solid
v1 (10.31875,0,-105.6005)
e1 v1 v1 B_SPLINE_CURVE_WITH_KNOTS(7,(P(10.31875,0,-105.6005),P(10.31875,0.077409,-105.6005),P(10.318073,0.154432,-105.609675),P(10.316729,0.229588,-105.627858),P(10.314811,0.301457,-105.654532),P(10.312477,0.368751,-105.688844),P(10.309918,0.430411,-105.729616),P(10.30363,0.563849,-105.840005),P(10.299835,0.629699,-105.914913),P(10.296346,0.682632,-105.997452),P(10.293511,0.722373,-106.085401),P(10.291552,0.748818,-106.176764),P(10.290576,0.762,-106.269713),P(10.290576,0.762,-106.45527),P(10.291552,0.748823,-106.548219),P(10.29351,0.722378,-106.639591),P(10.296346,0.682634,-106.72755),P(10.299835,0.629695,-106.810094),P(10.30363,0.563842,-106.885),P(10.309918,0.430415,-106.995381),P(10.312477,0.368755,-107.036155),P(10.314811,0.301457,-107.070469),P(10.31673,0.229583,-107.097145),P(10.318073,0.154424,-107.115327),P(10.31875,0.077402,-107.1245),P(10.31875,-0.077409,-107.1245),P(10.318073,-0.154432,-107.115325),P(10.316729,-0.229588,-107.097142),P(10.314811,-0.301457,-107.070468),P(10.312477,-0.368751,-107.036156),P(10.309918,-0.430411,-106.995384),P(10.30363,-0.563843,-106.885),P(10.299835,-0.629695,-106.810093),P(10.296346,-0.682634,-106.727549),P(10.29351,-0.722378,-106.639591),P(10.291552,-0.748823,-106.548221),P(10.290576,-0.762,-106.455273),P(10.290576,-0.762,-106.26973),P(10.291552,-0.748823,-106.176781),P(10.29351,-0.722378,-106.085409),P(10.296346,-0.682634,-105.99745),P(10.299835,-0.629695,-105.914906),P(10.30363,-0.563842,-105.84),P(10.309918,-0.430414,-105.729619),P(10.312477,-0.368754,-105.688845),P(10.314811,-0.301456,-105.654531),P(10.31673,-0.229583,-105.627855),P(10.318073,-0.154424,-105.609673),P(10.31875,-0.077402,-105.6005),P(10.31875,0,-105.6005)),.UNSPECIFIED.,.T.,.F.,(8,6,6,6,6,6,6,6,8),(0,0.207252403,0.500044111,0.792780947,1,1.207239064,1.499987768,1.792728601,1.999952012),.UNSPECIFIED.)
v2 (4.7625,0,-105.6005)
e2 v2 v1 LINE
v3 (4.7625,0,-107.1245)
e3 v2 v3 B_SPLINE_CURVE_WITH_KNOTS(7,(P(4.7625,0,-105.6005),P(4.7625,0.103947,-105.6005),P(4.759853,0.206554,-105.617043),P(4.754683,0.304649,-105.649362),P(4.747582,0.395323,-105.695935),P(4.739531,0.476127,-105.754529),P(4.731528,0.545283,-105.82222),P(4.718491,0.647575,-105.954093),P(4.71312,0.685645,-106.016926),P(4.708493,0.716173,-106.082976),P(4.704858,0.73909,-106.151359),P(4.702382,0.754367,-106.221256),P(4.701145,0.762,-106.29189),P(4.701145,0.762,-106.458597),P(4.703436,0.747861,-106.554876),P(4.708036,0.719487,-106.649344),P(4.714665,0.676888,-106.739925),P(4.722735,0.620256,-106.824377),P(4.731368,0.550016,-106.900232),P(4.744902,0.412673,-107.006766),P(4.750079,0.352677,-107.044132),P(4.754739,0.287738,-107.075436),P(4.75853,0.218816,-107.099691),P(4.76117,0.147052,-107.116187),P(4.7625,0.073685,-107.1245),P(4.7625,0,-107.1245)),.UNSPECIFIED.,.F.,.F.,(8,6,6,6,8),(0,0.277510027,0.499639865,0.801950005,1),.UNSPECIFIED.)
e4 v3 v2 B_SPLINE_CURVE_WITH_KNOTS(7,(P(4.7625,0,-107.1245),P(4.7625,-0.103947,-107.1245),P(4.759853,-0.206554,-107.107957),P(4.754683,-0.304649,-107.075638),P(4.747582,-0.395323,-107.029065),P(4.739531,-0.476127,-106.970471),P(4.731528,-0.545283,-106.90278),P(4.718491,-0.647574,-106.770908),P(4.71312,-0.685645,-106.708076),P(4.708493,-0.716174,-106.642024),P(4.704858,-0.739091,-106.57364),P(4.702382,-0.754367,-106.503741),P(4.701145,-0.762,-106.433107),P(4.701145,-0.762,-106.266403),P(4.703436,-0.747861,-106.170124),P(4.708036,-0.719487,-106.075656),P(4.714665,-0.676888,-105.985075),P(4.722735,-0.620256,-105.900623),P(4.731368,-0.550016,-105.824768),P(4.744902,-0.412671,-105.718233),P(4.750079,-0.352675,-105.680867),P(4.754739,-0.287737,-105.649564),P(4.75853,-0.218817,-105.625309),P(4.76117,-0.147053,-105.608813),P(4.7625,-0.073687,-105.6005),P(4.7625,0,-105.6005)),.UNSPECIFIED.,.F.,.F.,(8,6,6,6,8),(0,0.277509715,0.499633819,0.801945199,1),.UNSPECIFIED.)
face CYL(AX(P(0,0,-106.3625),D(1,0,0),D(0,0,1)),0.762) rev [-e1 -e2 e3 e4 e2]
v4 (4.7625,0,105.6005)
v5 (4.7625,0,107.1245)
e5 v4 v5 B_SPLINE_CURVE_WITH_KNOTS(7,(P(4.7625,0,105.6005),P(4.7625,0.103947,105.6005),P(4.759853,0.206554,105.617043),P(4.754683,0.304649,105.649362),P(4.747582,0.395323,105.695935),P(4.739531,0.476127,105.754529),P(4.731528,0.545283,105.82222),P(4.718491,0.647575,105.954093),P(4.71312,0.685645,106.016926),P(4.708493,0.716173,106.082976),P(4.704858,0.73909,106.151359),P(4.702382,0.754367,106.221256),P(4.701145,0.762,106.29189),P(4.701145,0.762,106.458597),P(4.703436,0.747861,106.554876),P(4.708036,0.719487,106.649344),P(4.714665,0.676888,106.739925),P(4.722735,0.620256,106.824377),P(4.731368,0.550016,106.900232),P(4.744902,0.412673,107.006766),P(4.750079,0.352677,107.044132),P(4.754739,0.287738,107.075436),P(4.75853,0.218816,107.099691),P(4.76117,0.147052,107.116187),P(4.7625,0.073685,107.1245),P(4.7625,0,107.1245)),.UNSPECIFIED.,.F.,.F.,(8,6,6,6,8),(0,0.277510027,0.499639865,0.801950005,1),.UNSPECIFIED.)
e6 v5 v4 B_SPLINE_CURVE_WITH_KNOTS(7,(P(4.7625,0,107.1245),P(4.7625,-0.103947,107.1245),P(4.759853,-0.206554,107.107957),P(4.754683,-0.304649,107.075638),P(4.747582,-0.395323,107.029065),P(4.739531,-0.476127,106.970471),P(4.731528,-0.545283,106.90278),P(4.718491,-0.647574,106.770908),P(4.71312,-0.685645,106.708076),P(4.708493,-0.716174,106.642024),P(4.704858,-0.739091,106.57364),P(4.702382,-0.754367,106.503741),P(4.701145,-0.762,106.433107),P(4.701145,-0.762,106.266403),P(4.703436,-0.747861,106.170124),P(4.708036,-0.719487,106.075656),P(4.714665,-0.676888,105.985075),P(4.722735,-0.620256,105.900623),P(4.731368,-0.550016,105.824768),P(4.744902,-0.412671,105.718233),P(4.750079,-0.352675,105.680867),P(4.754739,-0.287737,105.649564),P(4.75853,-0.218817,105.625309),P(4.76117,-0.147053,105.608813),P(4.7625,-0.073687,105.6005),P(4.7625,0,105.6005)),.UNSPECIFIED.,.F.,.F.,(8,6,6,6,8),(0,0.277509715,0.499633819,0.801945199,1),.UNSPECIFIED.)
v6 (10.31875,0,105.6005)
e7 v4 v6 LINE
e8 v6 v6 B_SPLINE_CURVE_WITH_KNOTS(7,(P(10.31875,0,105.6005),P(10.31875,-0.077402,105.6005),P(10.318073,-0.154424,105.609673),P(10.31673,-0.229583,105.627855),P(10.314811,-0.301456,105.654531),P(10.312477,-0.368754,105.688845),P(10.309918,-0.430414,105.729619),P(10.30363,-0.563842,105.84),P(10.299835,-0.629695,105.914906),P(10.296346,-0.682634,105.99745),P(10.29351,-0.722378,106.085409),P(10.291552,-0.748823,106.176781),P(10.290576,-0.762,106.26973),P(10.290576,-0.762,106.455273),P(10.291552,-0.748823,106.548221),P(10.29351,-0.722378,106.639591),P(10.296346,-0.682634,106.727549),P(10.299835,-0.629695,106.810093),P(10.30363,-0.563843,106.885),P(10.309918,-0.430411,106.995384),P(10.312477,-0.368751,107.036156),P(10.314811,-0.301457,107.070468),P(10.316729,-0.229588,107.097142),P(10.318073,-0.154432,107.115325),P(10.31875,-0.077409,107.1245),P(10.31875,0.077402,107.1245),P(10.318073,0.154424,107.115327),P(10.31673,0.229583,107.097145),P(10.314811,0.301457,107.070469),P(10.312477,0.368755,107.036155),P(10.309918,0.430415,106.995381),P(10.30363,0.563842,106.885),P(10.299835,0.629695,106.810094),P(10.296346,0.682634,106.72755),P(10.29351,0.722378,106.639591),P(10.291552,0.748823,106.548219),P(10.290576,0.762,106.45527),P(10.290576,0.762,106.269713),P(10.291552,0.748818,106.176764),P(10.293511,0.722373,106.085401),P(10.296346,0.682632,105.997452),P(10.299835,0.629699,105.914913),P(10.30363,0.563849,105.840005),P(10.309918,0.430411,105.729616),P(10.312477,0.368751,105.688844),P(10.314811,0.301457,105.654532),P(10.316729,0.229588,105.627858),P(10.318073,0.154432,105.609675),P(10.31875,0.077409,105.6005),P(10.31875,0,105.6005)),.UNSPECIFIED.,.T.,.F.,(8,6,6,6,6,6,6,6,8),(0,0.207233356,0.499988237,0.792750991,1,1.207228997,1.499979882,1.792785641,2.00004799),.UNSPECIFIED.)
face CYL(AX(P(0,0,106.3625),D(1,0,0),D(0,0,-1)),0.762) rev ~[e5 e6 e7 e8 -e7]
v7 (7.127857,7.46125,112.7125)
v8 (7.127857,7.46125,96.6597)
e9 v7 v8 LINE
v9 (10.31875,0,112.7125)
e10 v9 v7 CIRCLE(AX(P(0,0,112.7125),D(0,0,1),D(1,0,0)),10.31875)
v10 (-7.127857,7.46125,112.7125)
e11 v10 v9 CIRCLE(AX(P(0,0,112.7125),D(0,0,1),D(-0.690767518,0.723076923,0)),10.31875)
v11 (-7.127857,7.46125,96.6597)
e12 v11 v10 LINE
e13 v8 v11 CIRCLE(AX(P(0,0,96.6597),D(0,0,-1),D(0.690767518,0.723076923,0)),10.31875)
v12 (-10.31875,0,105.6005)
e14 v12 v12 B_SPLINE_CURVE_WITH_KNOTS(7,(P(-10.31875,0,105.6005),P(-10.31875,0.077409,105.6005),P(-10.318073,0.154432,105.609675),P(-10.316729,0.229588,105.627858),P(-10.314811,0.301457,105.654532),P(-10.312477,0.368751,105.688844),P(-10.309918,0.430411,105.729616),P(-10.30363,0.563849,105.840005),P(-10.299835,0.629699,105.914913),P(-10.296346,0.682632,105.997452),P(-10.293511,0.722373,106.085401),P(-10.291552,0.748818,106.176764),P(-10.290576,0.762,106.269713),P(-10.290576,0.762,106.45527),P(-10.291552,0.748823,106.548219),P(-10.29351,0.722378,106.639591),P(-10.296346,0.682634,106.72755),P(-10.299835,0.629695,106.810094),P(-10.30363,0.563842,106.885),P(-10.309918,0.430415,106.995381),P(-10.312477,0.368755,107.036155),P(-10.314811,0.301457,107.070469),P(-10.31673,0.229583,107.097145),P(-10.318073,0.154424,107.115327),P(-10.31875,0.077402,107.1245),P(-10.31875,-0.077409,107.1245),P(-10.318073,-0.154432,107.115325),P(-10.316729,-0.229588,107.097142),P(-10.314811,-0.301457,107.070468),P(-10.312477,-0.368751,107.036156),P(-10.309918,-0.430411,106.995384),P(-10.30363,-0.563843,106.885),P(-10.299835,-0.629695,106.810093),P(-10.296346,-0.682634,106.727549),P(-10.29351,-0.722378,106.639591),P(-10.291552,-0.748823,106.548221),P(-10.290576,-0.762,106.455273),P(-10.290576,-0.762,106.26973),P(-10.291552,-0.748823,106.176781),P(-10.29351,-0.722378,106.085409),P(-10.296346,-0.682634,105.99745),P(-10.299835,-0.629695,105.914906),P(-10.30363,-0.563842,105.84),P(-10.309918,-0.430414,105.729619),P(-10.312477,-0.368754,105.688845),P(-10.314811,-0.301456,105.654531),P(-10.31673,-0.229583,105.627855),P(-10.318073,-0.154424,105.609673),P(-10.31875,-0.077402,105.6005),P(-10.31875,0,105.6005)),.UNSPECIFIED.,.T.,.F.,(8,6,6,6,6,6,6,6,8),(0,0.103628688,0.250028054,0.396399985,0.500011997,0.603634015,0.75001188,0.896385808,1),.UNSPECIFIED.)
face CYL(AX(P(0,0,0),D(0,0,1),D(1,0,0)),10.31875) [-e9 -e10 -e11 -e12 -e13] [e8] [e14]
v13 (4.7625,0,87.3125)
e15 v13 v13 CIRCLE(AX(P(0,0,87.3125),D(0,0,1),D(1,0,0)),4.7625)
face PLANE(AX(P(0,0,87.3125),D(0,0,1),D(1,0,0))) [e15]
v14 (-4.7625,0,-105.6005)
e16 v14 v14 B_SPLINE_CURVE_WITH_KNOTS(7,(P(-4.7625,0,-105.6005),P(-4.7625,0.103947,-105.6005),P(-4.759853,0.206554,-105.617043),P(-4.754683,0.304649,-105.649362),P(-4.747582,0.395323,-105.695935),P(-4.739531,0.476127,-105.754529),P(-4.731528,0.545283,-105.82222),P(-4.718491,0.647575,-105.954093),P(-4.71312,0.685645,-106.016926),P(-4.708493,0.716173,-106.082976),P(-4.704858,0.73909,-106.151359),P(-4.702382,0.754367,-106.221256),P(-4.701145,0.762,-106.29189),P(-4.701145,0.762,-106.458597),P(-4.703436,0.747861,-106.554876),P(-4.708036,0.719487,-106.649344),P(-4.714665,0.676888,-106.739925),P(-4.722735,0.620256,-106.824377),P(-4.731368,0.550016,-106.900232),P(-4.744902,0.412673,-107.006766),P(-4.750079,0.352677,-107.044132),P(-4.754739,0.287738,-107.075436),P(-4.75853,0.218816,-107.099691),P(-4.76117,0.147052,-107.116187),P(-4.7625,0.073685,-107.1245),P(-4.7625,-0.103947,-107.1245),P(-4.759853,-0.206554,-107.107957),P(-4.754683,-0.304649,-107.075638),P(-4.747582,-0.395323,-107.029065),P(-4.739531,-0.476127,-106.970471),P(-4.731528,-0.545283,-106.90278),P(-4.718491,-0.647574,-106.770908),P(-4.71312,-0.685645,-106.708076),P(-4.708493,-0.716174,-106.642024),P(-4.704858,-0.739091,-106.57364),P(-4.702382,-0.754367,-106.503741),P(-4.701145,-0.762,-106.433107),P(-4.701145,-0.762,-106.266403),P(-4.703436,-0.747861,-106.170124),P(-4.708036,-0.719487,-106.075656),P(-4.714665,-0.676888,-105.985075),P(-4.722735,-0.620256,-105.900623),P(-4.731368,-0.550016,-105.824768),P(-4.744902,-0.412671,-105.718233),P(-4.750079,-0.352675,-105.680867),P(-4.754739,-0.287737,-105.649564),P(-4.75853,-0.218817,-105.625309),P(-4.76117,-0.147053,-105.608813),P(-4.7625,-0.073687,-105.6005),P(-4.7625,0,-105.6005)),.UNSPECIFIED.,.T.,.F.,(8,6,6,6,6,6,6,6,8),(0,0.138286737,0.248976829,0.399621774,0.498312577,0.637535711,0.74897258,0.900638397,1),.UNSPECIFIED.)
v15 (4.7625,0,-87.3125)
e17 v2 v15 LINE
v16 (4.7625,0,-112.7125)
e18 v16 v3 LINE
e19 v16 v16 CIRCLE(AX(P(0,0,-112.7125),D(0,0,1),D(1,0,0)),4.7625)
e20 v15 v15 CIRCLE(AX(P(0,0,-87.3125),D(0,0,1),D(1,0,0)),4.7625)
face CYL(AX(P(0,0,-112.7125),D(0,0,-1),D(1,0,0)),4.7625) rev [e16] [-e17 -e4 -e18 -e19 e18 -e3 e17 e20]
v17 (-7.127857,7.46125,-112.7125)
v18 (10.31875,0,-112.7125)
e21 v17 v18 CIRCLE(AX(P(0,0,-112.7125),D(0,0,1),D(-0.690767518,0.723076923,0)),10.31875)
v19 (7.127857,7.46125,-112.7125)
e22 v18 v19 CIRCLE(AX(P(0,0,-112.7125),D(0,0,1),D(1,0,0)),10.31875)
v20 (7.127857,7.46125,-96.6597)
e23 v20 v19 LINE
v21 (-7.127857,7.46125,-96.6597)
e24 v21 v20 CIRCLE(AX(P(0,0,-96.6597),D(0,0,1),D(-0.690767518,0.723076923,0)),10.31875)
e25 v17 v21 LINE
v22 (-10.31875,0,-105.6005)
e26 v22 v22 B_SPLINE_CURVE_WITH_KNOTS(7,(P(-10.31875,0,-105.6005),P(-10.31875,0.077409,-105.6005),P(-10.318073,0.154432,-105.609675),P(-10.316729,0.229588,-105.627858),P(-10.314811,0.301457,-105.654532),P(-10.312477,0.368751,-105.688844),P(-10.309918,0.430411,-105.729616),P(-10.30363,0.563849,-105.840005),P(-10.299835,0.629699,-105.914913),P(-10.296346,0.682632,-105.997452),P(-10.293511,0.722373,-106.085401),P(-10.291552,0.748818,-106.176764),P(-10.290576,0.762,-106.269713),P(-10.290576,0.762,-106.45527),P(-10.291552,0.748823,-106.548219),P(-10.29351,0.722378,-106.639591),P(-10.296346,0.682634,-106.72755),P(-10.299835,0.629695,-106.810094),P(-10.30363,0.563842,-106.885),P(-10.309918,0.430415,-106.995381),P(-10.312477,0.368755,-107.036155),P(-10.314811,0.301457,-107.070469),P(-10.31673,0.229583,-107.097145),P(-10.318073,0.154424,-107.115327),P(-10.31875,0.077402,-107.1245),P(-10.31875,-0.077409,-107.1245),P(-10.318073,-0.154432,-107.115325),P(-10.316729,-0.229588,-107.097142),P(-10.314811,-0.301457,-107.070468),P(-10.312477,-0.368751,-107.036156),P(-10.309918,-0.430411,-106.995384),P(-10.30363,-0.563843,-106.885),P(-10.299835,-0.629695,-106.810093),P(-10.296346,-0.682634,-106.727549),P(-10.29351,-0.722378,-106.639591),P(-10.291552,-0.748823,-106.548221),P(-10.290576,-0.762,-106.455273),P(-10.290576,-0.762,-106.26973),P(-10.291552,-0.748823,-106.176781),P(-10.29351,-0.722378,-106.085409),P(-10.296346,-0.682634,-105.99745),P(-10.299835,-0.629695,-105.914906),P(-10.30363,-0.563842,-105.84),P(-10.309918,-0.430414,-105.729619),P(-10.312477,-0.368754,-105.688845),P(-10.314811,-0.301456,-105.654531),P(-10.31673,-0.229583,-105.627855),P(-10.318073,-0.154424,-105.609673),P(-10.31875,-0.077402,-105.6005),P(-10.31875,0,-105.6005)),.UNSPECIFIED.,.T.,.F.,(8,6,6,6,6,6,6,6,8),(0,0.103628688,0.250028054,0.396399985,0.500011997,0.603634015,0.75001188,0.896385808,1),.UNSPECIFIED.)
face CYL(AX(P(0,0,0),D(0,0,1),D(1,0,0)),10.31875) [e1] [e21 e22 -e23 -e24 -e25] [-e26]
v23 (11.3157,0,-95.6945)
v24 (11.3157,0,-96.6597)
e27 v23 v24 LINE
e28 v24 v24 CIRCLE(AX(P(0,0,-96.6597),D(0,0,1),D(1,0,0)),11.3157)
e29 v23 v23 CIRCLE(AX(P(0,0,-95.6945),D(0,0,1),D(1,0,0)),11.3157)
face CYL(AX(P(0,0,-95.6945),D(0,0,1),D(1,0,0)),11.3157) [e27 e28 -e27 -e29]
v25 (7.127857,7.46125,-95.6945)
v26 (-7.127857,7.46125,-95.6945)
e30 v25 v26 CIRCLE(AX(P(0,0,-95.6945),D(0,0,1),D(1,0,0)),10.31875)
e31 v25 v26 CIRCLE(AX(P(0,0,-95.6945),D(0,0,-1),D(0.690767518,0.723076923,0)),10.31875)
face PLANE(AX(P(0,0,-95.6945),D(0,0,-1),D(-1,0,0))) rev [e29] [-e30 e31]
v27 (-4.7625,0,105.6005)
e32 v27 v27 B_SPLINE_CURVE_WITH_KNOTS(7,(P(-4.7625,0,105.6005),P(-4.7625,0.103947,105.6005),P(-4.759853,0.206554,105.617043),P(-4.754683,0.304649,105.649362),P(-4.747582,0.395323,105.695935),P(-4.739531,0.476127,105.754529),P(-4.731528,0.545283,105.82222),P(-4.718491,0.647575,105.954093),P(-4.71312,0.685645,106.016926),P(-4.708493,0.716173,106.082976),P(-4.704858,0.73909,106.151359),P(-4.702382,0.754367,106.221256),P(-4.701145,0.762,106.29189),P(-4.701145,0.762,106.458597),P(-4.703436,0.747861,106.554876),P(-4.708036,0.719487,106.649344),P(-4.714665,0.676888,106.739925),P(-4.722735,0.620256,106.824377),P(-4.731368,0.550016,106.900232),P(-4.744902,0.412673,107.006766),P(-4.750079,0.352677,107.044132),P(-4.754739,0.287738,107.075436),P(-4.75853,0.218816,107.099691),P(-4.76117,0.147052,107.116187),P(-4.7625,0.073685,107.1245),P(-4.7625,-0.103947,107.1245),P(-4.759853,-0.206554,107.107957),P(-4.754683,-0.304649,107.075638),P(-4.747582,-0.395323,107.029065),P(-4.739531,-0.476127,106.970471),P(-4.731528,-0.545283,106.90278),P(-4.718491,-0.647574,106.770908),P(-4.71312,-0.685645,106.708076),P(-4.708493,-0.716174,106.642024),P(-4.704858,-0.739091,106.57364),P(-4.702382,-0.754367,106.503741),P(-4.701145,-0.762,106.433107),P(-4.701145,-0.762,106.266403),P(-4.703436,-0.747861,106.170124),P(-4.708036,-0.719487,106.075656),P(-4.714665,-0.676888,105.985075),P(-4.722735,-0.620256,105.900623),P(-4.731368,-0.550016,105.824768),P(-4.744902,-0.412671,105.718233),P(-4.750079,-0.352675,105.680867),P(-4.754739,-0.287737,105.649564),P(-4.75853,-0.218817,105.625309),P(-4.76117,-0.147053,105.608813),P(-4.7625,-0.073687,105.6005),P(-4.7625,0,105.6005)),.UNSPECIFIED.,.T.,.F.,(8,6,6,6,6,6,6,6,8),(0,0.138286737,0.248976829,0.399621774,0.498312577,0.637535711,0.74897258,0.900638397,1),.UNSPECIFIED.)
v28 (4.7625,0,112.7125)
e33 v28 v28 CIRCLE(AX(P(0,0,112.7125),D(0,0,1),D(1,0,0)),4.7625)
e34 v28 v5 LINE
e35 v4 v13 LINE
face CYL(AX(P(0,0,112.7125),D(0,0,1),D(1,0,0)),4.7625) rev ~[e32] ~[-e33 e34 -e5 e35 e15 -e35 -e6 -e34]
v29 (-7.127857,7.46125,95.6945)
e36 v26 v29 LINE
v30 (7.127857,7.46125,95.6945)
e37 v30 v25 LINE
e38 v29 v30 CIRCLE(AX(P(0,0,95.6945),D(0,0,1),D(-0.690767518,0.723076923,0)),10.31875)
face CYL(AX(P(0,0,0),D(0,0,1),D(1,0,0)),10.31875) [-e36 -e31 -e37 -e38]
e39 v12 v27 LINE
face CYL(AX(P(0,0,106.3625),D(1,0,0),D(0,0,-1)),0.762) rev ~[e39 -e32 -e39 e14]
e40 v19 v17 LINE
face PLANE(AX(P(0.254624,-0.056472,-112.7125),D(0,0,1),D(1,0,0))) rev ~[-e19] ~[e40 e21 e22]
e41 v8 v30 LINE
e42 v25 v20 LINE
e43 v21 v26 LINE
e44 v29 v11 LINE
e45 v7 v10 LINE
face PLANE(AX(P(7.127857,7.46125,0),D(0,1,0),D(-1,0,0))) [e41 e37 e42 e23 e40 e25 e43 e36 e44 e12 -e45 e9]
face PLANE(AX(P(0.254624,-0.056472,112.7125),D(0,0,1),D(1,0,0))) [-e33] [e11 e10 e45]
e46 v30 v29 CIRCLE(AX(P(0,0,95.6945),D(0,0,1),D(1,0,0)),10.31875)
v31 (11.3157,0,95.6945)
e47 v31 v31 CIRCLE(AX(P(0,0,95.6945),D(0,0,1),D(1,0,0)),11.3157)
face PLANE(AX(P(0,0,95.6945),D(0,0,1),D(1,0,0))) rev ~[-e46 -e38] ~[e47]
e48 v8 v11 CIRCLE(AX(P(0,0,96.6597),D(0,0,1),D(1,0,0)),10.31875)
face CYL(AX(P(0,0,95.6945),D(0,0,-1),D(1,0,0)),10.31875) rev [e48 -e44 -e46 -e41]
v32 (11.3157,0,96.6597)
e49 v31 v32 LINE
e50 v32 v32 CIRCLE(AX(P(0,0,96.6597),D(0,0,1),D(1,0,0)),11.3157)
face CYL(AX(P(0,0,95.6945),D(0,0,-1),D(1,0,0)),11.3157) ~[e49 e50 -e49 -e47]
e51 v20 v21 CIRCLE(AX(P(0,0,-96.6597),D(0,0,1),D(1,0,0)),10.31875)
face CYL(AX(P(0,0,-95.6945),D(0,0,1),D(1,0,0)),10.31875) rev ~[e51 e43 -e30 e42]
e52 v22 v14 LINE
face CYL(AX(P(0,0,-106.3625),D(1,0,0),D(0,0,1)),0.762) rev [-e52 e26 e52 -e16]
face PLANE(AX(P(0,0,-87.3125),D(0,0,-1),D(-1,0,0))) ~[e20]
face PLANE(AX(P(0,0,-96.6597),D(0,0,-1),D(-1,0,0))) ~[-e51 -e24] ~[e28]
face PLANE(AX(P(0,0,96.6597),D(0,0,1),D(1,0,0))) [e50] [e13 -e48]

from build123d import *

# Parameters (mm, degrees)
RACK_DEPTH             = 112.7125
RACK_DEPTH_BACK        = 112.7125
SKETCH2_R              = 4.7625
END_HOLE_DEPTH         = 25.4
BUMP_START             = -17.018
SKETCH3_R              = 11.3157
SKETCH3_R_2            = 10.31875
BUMP_STOP_DEPTH        = 0.9652
SKETCH4_R              = 0.762
SAFETY_WIRE_HOLE_DEPTH = 12.3157


with BuildPart() as part:
    # Sketch1 → Rack (new body, two sides)
    with BuildSketch(Plane.XY) as rack_sk:
        with BuildLine():
            Line((7.127857322, 7.46125), (-7.127857322, 7.46125))
            ThreePointArc((-7.127857322, 7.46125), (-4.057463729, -9.487549191), (10.31875, 0))
            ThreePointArc((10.31875, 0), (9.487549191, 4.057463729), (7.127857322, 7.46125))
        make_face()
    extrude(amount=RACK_DEPTH)
    extrude(rack_sk.sketch, amount=-RACK_DEPTH_BACK)

    # Sketch2 → End Hole (cut)
    with BuildSketch(Plane.XY.offset(112.7125)):
        Circle(SKETCH2_R)
    end_hole = extrude(amount=-END_HOLE_DEPTH, mode=Mode.SUBTRACT)

    # Sketch3 → Bump Stop (add)
    with BuildSketch(Plane.XY.offset(112.7125).offset(BUMP_START)):
        Circle(SKETCH3_R)
        Circle(SKETCH3_R_2, mode=Mode.SUBTRACT)
    bump_stop = extrude(amount=BUMP_STOP_DEPTH)

    # Sketch4 → Safety Wire Hole (cut, symmetric)
    with BuildSketch(Plane(origin=(0, 0, 0), x_dir=(0, 0, -1), z_dir=(1, 0, 0))):
        with Locations((-106.3625, 0)):
            Circle(SKETCH4_R)
    safety_wire_hole = extrude(amount=SAFETY_WIRE_HOLE_DEPTH, both=True, mode=Mode.SUBTRACT)

    # Rack Mirror: End Hole, Bump Stop, Safety Wire Hole across plane
    add(end_hole.mirror(Plane.XY), mode=Mode.SUBTRACT)
    add(bump_stop.mirror(Plane.XY))
    add(safety_wire_hole.mirror(Plane.XY), mode=Mode.SUBTRACT)


solid = part.part
